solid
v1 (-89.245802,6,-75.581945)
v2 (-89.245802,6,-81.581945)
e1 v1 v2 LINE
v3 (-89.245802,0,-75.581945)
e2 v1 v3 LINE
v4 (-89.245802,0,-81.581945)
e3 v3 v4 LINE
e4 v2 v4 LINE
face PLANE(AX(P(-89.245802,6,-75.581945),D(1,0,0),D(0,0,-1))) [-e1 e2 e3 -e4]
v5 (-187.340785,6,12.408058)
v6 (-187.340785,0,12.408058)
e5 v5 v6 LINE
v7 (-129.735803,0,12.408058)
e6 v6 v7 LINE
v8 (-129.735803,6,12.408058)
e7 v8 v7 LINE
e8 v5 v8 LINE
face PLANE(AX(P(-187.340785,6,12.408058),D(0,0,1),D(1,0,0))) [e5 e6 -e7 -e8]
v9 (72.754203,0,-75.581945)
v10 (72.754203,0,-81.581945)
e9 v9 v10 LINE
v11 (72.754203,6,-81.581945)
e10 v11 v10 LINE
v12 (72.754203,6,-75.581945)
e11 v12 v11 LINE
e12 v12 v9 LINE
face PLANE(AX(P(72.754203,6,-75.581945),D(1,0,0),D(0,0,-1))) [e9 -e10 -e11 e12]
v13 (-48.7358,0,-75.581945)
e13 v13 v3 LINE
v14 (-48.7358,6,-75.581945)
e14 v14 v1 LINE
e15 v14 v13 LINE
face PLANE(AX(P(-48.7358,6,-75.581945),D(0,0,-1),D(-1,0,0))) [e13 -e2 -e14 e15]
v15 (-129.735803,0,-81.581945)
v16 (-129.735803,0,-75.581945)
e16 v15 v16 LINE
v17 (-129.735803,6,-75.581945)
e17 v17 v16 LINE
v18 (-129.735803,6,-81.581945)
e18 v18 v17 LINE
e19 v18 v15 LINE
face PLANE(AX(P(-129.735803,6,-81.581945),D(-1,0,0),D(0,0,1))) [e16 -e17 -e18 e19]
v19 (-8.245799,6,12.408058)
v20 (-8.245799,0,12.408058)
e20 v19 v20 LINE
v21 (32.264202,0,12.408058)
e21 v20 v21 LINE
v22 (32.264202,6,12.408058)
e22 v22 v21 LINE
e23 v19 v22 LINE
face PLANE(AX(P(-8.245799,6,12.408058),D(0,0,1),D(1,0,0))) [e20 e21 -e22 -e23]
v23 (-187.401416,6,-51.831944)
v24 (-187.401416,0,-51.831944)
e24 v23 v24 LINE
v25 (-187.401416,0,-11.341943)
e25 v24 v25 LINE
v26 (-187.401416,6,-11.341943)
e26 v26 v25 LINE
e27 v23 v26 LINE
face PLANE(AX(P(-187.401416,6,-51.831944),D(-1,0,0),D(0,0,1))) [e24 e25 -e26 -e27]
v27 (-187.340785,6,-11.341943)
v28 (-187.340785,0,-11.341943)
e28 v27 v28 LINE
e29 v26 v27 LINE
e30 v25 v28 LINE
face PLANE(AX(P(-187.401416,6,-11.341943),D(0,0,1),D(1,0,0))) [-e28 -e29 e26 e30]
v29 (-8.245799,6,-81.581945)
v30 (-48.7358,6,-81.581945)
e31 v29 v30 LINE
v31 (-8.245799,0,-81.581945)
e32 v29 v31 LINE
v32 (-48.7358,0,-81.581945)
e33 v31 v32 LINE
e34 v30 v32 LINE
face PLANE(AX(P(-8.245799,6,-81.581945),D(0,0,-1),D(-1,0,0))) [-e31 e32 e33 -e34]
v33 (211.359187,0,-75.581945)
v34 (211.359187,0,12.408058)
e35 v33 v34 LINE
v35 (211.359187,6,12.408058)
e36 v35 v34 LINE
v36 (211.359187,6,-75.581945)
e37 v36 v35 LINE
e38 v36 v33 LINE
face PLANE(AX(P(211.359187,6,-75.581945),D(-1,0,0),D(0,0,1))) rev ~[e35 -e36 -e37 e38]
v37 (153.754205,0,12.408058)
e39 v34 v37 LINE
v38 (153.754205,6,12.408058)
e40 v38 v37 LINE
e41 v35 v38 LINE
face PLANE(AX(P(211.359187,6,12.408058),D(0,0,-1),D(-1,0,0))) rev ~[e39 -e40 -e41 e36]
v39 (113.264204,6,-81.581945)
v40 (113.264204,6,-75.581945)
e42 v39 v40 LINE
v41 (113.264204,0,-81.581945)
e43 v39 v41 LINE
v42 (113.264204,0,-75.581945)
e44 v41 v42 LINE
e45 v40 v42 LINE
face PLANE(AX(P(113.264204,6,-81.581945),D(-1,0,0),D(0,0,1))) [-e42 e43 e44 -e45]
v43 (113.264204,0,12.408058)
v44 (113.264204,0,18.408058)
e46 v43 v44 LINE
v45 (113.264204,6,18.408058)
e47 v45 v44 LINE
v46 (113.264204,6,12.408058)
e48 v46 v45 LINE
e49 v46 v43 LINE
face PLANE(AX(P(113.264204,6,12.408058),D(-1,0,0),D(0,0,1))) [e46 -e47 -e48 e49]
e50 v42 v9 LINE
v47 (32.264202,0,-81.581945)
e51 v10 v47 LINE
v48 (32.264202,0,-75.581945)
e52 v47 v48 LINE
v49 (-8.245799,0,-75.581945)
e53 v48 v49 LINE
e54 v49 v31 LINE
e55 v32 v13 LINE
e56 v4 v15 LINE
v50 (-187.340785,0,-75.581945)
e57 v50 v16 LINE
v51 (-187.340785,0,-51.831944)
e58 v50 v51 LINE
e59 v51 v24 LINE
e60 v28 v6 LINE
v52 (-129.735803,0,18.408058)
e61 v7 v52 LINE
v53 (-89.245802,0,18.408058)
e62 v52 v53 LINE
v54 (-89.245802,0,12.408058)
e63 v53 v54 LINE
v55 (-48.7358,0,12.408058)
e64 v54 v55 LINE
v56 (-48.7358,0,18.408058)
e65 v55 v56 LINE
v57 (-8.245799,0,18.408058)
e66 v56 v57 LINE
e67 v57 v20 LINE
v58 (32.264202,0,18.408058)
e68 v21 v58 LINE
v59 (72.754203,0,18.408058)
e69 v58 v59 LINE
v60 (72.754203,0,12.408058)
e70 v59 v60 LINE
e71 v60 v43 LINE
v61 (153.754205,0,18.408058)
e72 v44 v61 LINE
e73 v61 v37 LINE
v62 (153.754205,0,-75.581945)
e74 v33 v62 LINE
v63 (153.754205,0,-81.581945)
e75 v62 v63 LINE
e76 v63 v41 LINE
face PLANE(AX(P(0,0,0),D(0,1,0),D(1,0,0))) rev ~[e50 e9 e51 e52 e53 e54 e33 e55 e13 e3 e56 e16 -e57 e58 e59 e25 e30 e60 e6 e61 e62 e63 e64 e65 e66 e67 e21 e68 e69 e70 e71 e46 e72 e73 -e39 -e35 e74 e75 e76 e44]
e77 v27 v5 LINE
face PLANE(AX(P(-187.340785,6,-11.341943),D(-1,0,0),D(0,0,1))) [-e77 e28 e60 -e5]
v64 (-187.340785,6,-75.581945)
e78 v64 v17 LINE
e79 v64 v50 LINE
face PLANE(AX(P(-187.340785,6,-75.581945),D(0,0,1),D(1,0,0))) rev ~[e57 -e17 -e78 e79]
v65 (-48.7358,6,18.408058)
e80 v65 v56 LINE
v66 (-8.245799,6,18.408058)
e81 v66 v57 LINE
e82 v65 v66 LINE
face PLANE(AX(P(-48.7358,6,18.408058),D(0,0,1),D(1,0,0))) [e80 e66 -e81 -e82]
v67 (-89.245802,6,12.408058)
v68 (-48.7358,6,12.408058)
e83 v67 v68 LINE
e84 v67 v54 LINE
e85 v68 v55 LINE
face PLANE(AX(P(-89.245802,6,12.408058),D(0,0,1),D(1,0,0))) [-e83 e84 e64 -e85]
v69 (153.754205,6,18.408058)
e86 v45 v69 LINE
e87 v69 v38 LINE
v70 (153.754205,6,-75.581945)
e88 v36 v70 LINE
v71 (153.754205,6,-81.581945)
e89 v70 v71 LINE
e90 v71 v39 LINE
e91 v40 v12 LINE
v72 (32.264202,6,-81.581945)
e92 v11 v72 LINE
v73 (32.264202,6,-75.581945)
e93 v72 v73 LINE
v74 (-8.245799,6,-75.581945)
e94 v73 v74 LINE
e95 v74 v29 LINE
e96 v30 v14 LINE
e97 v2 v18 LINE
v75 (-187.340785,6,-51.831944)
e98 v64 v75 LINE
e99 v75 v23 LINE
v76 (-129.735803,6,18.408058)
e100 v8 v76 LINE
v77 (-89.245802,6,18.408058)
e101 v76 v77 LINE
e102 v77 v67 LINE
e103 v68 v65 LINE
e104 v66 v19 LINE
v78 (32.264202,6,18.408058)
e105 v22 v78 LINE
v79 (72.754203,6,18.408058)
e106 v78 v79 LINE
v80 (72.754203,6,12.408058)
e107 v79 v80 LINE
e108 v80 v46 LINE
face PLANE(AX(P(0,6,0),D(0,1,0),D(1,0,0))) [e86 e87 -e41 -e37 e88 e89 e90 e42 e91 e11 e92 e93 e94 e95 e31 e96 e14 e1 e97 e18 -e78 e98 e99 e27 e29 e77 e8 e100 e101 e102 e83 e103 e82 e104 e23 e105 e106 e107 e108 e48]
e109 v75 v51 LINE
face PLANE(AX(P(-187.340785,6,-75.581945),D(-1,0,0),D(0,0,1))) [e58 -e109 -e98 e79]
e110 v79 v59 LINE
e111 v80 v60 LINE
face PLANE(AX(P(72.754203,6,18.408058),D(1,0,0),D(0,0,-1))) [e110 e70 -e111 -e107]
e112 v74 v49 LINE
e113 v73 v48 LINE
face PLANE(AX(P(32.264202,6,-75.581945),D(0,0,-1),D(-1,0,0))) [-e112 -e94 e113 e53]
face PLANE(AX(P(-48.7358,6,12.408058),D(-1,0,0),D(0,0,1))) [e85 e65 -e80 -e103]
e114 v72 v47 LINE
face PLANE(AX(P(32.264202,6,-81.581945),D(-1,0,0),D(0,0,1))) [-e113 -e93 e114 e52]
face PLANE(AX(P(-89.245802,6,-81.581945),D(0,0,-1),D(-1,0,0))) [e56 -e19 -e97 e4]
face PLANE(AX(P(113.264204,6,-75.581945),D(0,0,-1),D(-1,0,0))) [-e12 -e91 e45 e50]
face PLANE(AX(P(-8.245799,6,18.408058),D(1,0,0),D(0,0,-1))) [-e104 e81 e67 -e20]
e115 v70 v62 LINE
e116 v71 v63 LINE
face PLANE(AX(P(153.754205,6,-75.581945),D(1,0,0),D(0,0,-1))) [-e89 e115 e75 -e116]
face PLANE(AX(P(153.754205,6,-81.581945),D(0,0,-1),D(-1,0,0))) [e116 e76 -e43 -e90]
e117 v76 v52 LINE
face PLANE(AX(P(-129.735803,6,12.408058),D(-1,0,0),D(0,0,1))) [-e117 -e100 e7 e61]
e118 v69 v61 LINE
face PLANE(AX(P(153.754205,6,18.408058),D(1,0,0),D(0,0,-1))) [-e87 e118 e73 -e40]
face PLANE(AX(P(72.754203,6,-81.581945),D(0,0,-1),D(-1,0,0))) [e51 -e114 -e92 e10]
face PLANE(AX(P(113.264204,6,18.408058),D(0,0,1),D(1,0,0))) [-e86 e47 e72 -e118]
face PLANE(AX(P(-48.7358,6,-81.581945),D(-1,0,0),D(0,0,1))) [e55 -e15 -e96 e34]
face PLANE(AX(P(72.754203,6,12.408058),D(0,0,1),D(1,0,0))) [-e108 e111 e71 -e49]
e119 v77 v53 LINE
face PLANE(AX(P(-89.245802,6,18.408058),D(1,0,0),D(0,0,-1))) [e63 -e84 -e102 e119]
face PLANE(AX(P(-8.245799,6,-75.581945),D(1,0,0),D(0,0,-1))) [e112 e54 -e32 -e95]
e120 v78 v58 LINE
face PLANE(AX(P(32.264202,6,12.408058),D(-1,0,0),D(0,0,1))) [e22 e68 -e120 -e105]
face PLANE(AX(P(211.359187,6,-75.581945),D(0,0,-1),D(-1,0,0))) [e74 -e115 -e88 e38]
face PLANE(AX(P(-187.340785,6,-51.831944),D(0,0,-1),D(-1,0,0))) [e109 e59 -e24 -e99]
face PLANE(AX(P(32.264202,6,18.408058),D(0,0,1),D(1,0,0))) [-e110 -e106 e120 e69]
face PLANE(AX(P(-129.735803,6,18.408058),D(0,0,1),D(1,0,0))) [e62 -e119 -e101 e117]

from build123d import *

# Parameters (mm, degrees)
SKETCH1_W               = 525.399648274
SKETCH1_H               = 377.876053004
BOSS_EXTRUDE1_DEPTH     = 6
CUT_EXTRUDE_THIN2_DEPTH = 324.642975299


with BuildPart() as part:
    # Sketch1 → Boss-Extrude1 (new body)
    with BuildSketch(Plane(origin=(0, 0, 0), x_dir=(1, 0, 0), z_dir=(0, 1, 0))):
        Rectangle(SKETCH1_W, SKETCH1_H)
    extrude(amount=BOSS_EXTRUDE1_DEPTH)

    # Sketch2 → Cut-Extrude-Thin2 (cut, through all)
    with BuildSketch(Plane(origin=(0, 6, 0), x_dir=(1, 0, 0), z_dir=(0, 1, 0))):
        Polygon((-187.350784755, 75.591944913), (-187.350784755, 51.841944259), (-187.411415821, 51.841944259), (-187.411415821, 11.331943142), (-187.350784755, 11.331943142), (-187.350784755, -12.418057512), (-129.745802698, -12.418057512), (-129.745802698, -18.418057678), (-89.235801582, -18.418057678), (-89.235801582, -12.418057512), (-48.745800465, -12.418057512), (-48.745800465, -18.418057678), (-8.235799349, -18.418057678), (-8.235799349, -12.418057512), (32.254201767, -12.418057512), (32.254201767, -18.418057678), (72.764202884, -18.418057678), (72.764202884, -12.418057512), (113.254204, -12.418057512), (113.254204, -18.418057678), (153.764205117, -18.418057678), (153.764205117, -12.418057512), (194.259206233, -12.418057512), (211.369187173, -12.418057512), (211.369187173, 11.336943142), (211.369187173, 51.836944259), (211.369187173, 75.591944913), (153.764205117, 75.591944913), (153.764205117, 81.591945079), (113.254204, 81.591945079), (113.254204, 75.591944913), (72.764202884, 75.591944913), (72.764202884, 81.591945079), (32.254201767, 81.591945079), (32.254201767, 75.591944913), (-8.235799349, 75.591944913), (-8.235799349, 81.591945079), (-48.745800465, 81.591945079), (-48.745800465, 75.591944913), (-89.235801582, 75.591944913), (-89.235801582, 81.591945079), (-129.745802698, 81.591945079), (-129.745802698, 75.591944913), (-170.240803815, 75.591944913), align=None)
        Polygon((-187.340784755, 75.581944913), (-187.340784755, 51.831944259), (-187.401415821, 51.831944259), (-187.401415821, 11.341943142), (-187.340784755, 11.341943142), (-187.340784755, -12.408057512), (-129.735802698, -12.408057512), (-129.735802698, -18.408057678), (-89.245801582, -18.408057678), (-89.245801582, -12.408057512), (-48.735800465, -12.408057512), (-48.735800465, -18.408057678), (-8.245799349, -18.408057678), (-8.245799349, -12.408057512), (32.264201767, -12.408057512), (32.264201767, -18.408057678), (72.754202884, -18.408057678), (72.754202884, -12.408057512), (113.264204, -12.408057512), (113.264204, -18.408057678), (153.754205117, -18.408057678), (153.754205117, -12.408057512), (194.259206233, -12.408057512), (211.359187173, -12.408057512), (211.359187173, 11.336943142), (211.359187173, 51.836944259), (211.359187173, 75.581944913), (153.754205117, 75.581944913), (153.754205117, 81.581945079), (113.264204, 81.581945079), (113.264204, 75.581944913), (72.754202884, 75.581944913), (72.754202884, 81.581945079), (32.264201767, 81.581945079), (32.264201767, 75.581944913), (-8.245799349, 75.581944913), (-8.245799349, 81.581945079), (-48.735800465, 81.581945079), (-48.735800465, 75.581944913), (-89.245801582, 75.581944913), (-89.245801582, 81.581945079), (-129.735802698, 81.581945079), (-129.735802698, 75.581944913), (-170.240803815, 75.581944913), align=None, mode=Mode.SUBTRACT)
    extrude(amount=-CUT_EXTRUDE_THIN2_DEPTH, mode=Mode.SUBTRACT)


with BuildPart() as body_2:
    # of the pieces the cut leaves, the one that is kept (cut_extrude_thin2_keep)
    add(part.part.solids().sort_by_distance((-129.735802698, 0, -75.581944913))[0])


solid = body_2.part
